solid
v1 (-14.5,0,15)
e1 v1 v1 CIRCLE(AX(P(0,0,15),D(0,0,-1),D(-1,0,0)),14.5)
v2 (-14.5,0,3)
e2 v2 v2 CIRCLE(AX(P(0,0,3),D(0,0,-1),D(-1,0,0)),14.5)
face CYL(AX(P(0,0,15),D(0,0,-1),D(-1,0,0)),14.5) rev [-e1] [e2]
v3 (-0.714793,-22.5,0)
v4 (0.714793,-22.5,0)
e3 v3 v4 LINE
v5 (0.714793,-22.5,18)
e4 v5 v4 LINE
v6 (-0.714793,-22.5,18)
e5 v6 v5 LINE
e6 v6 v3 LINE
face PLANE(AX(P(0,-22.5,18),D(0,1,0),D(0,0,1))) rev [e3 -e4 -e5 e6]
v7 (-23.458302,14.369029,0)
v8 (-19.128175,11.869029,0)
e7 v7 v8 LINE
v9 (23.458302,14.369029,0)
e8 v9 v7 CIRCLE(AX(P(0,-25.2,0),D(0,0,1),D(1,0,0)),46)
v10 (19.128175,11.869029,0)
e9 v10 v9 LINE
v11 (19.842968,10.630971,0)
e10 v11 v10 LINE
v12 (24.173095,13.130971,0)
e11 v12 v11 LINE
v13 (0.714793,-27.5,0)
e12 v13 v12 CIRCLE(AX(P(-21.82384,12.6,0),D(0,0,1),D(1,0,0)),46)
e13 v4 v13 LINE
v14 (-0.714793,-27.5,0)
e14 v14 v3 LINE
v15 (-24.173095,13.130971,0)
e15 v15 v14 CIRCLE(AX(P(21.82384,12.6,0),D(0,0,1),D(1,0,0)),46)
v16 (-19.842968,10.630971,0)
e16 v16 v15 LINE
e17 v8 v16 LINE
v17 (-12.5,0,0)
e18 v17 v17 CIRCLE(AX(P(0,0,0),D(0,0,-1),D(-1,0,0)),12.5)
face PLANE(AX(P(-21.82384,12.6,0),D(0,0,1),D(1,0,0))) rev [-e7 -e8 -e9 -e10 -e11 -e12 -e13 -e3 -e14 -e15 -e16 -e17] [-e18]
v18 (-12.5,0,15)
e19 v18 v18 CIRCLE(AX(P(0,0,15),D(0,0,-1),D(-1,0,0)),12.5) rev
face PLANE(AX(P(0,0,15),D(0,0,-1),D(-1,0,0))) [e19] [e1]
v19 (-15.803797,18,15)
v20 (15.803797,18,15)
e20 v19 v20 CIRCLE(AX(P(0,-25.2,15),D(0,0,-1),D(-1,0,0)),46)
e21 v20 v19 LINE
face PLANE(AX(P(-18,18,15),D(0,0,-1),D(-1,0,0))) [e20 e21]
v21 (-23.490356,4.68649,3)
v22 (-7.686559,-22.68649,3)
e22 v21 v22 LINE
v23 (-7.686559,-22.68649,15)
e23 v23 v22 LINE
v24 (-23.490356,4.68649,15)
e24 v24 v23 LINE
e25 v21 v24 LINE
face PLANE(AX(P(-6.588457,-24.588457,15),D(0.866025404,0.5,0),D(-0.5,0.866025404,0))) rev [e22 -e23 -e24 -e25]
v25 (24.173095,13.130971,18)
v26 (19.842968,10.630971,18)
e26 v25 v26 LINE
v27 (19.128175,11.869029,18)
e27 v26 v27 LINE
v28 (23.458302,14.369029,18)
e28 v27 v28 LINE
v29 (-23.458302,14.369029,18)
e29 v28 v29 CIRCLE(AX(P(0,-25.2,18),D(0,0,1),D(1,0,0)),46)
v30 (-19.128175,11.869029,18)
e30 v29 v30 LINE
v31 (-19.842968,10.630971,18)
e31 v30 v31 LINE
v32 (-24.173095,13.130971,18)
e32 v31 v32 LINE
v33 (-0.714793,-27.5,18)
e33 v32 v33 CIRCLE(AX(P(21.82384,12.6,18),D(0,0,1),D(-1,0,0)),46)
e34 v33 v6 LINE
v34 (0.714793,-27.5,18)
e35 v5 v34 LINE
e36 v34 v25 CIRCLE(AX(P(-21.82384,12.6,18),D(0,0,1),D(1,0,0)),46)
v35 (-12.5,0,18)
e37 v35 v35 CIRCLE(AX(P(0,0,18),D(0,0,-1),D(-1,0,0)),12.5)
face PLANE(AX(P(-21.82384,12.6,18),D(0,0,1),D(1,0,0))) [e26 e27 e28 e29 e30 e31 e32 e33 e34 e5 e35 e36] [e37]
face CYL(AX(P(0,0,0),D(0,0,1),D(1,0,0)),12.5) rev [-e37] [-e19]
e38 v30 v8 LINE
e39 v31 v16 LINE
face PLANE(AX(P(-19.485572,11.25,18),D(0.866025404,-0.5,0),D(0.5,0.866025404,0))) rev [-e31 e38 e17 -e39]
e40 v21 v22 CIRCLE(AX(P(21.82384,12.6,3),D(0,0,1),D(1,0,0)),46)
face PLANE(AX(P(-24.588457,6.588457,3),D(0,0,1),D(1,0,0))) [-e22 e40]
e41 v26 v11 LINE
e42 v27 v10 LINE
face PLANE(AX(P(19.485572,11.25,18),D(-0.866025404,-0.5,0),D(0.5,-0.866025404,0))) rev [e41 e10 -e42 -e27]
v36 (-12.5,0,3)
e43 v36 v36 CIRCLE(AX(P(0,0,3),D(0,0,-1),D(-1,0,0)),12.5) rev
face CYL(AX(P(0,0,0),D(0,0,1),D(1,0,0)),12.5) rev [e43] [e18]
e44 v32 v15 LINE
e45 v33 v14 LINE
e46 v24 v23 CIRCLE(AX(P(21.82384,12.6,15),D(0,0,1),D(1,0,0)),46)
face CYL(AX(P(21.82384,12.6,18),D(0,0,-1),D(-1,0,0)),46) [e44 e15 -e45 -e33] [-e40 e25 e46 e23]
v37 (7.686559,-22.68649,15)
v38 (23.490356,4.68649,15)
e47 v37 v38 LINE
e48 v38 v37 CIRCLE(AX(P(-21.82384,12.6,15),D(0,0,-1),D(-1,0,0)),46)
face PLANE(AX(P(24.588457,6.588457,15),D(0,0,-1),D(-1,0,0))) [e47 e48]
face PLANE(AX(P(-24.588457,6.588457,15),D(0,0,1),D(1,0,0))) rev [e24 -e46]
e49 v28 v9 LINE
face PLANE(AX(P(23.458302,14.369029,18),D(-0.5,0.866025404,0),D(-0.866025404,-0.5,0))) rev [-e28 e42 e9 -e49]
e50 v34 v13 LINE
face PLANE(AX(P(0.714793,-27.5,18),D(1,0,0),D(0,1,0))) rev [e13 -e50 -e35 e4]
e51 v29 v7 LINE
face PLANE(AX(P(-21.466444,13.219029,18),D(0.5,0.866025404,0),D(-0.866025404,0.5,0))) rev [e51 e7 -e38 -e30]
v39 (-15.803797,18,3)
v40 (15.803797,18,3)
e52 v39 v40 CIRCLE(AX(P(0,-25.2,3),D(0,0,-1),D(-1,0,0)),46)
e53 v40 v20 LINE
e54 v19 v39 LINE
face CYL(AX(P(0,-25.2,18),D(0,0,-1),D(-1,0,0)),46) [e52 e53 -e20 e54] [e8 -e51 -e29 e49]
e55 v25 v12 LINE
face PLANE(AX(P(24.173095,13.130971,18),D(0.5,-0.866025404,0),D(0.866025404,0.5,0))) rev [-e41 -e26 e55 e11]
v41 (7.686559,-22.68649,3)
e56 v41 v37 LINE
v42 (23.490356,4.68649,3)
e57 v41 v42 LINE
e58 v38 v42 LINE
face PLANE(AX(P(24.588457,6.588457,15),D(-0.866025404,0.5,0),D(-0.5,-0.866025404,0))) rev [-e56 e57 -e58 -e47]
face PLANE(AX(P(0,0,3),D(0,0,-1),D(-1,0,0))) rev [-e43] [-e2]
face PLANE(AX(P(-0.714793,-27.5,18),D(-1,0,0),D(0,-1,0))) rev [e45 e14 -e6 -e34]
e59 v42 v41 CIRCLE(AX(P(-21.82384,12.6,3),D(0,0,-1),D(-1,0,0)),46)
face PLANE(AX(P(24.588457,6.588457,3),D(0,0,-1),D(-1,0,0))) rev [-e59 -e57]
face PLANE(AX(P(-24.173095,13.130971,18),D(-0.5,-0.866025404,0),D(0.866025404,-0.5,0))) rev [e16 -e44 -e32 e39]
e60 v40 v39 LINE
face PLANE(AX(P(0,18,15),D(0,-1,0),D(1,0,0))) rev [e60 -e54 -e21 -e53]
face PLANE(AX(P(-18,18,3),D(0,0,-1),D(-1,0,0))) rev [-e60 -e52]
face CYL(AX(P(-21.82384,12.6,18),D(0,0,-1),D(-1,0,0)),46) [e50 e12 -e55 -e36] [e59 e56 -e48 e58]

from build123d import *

# Parameters (mm, degrees)
BASE_EXTRUDE_DEPTH           = 18
COMBUSTION_CHAMBER_PROFILE_R = 14.5
CUT_EXTRUDE1_DEPTH           = 12
SKETCH6_R                    = 12.5
CUT_EXTRUDE5_DEPTH           = 19


with BuildPart() as part:
    # rotor profile → Base-Extrude (new body)
    with BuildSketch(Plane.XY):
        with BuildLine():
            Line((-24.173095266, 13.130970823), (-22.181236837, 11.980970823))
            Line((-22.181236837, 11.980970823), (-19.842968247, 10.630970823))
            Line((-19.842968247, 10.630970823), (-19.485571583, 11.250000003))
            Line((-19.485571583, 11.250000003), (-19.128174923, 11.869029177))
            Line((-19.128174923, 11.869029177), (-21.466443514, 13.219029177))
            Line((-21.466443514, 13.219029177), (-23.458301942, 14.369029177))
            ThreePointArc((-23.458301942, 14.369029177), (-12.161921268, 19.163134144), (0, 20.8))
            ThreePointArc((0, 20.8), (12.161921268, 19.163134144), (23.458301942, 14.369029177))
            Line((23.458301942, 14.369029177), (19.128174923, 11.869029177))
            Line((19.128174923, 11.869029177), (19.485571585, 11.25))
            Line((19.485571585, 11.25), (19.842968247, 10.630970823))
            Line((19.842968247, 10.630970823), (24.173095266, 13.130970823))
            ThreePointArc((24.173095266, 13.130970823), (22.676721619, 0.950965705), (18.013328399, -10.4))
            ThreePointArc((18.013328399, -10.4), (10.514800351, -20.114099849), (0.714793324, -27.5))
            Line((0.714793324, -27.5), (0.714793324, -22.5))
            Line((0.714793324, -22.5), (0, -22.5))
            Line((0, -22.5), (-0.714793324, -22.5))
            Line((-0.714793324, -22.5), (-0.714793324, -27.5))
            ThreePointArc((-0.714793324, -27.5), (-10.514800351, -20.114099849), (-18.013328399, -10.4))
            ThreePointArc((-18.013328399, -10.4), (-22.676721619, 0.950965705), (-24.173095266, 13.130970823))
        make_face()
    extrude(amount=BASE_EXTRUDE_DEPTH)

    # combustion chamber profile → Cut-Extrude1 (cut)
    with BuildSketch(Plane(origin=(0, 0, 3), x_dir=(-1, 0, 0), z_dir=(0, 0, -1))):
        Circle(COMBUSTION_CHAMBER_PROFILE_R)
        Polygon((18, 21), (18, 18), (0, 18), (-18, 18), (-18, 21), align=None)
        Polygon((-9.186533479, -26.088457268), (-27.186533479, 5.088457268), (-24.588457268, 6.588457268), (-15.588457268, -9), (-6.588457268, -24.588457268), align=None)
        Polygon((27.186533479, 5.088457268), (9.186533479, -26.088457268), (6.588457268, -24.588457268), (15.588457268, -9), (24.588457268, 6.588457268), align=None)
    extrude(amount=-CUT_EXTRUDE1_DEPTH, mode=Mode.SUBTRACT)

    # Sketch6 → Cut-Extrude5 (cut, through all)
    with BuildSketch(Plane(origin=(0, 0, 18), x_dir=(-1, 0, 0), z_dir=(0, 0, -1))):
        Circle(SKETCH6_R)
    extrude(amount=CUT_EXTRUDE5_DEPTH, mode=Mode.SUBTRACT)


solid = part.part
